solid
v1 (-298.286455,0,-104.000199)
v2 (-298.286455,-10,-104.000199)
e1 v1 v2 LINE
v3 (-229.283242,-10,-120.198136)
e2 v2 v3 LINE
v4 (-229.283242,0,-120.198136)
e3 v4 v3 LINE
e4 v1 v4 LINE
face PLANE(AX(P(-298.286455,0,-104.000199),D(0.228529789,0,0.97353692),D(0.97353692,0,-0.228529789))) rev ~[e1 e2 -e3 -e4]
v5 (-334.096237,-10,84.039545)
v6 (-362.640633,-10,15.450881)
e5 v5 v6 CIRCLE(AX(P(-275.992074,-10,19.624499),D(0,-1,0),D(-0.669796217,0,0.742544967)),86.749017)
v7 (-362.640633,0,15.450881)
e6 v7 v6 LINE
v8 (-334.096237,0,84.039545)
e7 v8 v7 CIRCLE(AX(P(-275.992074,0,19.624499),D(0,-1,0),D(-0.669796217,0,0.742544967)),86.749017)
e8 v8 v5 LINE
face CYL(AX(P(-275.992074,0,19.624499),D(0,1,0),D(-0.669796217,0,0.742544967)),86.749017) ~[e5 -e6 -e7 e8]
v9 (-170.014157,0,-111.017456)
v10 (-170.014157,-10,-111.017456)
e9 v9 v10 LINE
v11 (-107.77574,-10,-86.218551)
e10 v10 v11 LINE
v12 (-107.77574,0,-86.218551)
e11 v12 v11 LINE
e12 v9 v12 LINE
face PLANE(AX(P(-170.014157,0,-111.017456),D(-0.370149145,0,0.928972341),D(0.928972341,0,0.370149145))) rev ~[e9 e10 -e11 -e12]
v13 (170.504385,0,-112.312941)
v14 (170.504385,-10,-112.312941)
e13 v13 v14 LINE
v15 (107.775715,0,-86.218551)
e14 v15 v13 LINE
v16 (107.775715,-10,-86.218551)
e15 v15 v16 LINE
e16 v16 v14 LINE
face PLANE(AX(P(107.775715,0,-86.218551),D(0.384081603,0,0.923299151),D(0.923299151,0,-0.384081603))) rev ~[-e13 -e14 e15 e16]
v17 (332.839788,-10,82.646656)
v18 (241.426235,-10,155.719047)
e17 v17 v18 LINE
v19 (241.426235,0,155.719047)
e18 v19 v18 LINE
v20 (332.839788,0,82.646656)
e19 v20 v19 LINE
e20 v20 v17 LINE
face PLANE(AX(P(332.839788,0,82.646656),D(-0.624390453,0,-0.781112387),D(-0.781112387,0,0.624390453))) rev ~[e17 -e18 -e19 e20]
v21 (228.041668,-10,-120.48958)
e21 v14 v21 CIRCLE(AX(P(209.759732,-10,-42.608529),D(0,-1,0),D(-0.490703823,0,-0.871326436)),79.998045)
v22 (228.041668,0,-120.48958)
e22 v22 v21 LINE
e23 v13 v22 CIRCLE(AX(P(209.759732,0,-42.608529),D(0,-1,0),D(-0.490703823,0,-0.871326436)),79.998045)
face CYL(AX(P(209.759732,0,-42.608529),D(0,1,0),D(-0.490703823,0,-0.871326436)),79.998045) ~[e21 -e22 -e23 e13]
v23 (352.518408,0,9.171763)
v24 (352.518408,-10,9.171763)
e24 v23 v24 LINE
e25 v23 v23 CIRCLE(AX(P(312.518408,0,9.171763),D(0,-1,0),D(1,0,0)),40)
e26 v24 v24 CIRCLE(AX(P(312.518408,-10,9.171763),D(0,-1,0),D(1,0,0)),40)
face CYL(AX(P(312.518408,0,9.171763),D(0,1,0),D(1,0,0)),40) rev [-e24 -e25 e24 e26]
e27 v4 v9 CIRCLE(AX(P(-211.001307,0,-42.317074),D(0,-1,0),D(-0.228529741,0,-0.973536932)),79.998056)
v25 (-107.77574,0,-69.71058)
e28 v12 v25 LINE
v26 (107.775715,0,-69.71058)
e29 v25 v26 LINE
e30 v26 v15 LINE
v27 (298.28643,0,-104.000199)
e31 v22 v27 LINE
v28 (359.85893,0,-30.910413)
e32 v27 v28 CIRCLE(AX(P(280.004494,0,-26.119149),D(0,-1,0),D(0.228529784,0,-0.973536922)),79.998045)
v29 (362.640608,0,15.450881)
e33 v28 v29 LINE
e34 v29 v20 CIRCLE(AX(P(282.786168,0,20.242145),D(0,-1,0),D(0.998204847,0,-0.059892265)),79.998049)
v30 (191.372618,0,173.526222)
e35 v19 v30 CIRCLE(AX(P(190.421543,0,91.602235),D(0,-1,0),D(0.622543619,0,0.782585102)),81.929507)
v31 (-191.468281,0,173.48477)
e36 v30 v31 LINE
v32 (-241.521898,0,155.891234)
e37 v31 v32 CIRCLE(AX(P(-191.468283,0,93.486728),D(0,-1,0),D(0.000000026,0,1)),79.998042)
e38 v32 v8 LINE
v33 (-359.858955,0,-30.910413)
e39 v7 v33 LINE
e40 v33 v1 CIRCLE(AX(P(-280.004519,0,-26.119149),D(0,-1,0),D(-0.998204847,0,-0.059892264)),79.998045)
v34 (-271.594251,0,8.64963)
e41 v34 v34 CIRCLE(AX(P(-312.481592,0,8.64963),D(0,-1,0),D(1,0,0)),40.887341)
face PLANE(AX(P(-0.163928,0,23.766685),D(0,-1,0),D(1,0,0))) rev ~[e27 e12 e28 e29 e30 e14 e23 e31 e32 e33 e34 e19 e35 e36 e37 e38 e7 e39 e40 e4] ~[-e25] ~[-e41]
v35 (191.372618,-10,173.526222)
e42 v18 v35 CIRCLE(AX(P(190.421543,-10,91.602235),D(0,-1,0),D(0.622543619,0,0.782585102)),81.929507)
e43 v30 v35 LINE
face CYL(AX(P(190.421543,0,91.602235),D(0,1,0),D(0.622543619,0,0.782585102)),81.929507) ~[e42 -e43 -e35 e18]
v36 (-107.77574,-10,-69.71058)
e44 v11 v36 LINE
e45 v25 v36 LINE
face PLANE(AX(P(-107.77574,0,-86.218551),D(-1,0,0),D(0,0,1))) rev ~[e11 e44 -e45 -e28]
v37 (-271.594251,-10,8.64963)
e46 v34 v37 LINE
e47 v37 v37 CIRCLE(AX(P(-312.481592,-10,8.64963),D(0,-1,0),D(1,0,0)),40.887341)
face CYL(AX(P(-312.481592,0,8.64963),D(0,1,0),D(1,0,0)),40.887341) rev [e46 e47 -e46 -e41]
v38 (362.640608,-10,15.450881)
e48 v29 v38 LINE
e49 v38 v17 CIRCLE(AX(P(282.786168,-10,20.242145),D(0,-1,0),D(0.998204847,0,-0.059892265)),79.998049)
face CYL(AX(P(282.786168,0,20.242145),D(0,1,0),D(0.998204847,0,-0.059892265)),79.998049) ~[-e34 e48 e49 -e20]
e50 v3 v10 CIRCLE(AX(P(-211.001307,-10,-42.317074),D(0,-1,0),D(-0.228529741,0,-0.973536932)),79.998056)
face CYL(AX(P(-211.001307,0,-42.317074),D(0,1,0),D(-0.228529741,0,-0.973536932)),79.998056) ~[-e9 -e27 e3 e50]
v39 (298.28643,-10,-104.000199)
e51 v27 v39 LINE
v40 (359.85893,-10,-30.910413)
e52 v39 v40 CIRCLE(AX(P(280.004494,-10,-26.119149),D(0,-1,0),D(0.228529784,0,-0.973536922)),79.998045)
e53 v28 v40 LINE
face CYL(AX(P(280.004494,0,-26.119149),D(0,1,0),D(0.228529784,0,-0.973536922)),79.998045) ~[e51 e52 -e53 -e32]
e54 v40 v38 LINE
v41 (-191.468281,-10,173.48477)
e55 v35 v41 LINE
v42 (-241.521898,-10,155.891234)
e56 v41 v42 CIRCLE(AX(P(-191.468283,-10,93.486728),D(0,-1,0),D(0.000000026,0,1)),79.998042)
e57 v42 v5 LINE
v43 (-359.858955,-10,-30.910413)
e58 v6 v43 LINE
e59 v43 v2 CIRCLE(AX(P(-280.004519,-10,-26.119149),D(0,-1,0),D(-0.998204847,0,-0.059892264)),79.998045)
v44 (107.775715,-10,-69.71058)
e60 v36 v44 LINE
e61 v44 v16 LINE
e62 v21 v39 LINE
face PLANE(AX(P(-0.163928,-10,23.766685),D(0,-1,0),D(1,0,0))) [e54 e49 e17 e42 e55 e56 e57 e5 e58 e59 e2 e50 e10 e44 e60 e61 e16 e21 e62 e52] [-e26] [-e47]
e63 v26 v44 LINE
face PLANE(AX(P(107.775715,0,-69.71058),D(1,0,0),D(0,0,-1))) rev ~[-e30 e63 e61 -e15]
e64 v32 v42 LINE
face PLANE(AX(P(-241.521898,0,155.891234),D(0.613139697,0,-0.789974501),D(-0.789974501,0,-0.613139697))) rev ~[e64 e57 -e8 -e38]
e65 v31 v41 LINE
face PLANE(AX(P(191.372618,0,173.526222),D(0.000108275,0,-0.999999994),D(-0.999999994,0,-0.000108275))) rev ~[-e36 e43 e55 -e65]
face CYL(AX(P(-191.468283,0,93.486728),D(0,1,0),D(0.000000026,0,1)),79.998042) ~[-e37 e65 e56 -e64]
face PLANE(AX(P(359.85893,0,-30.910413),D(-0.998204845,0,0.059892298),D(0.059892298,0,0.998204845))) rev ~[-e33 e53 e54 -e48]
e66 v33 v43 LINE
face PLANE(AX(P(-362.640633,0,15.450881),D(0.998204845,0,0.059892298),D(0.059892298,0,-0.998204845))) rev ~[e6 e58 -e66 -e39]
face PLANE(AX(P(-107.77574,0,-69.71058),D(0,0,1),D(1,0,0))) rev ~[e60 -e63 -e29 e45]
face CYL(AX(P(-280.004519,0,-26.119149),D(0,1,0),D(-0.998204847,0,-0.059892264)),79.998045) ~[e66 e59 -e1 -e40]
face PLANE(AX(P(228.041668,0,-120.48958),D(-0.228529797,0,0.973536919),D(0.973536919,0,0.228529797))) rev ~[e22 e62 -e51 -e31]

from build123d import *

# Parameters (mm, degrees)
F0_R     = 40.887341
F0_R_2   = 40
F1_DEPTH = 10


with BuildPart() as f1:
    # F0 (on Front) → F1 (new body)
    with BuildSketch(Plane.XZ):
        with BuildLine():
            Line((107.775715, -69.71058), (107.775715, -86.218551))
            Line((107.775715, -86.218551), (170.504385, -112.312941))
            ThreePointArc((170.504385, -112.312941), (198.504273, -121.810814), (228.041668, -120.48958))
            Line((228.041668, -120.48958), (298.28643, -104.000199))
            ThreePointArc((298.28643, -104.000199), (341.186322, -77.660114), (359.85893, -30.910413))
            Line((359.85893, -30.910413), (362.640608, 15.450881))
            ThreePointArc((362.640608, 15.450881), (355.915123, 52.674286), (332.839788, 82.646656))
            Line((332.839788, 82.646656), (241.426235, 155.719047))
            ThreePointArc((241.426235, 155.719047), (217.882867, 168.792389), (191.372618, 173.526222))
            Line((191.372618, 173.526222), (-191.468281, 173.48477))
            ThreePointArc((-191.468281, 173.48477), (-217.996083, 168.958329), (-241.521898, 155.891234))
            Line((-241.521898, 155.891234), (-334.096237, 84.039545))
            ThreePointArc((-334.096237, 84.039545), (-356.082266, 52.955461), (-362.640633, 15.450881))
            Line((-362.640633, 15.450881), (-359.858955, -30.910413))
            ThreePointArc((-359.858955, -30.910413), (-341.186347, -77.660114), (-298.286455, -104.000199))
            Line((-298.286455, -104.000199), (-229.283242, -120.198136))
            ThreePointArc((-229.283242, -120.198136), (-198.75578, -121.372346), (-170.014157, -111.017456))
            Line((-170.014157, -111.017456), (-107.77574, -86.218551))
            Line((-107.77574, -86.218551), (-107.77574, -69.71058))
            Line((-107.77574, -69.71058), (107.775715, -69.71058))
        make_face()
        with Locations((-312.481592, 8.64963)):
            Circle(F0_R, mode=Mode.SUBTRACT)
        with Locations((312.518408, 9.171763)):
            Circle(F0_R_2, mode=Mode.SUBTRACT)
    extrude(amount=F1_DEPTH)


solid = f1.part
